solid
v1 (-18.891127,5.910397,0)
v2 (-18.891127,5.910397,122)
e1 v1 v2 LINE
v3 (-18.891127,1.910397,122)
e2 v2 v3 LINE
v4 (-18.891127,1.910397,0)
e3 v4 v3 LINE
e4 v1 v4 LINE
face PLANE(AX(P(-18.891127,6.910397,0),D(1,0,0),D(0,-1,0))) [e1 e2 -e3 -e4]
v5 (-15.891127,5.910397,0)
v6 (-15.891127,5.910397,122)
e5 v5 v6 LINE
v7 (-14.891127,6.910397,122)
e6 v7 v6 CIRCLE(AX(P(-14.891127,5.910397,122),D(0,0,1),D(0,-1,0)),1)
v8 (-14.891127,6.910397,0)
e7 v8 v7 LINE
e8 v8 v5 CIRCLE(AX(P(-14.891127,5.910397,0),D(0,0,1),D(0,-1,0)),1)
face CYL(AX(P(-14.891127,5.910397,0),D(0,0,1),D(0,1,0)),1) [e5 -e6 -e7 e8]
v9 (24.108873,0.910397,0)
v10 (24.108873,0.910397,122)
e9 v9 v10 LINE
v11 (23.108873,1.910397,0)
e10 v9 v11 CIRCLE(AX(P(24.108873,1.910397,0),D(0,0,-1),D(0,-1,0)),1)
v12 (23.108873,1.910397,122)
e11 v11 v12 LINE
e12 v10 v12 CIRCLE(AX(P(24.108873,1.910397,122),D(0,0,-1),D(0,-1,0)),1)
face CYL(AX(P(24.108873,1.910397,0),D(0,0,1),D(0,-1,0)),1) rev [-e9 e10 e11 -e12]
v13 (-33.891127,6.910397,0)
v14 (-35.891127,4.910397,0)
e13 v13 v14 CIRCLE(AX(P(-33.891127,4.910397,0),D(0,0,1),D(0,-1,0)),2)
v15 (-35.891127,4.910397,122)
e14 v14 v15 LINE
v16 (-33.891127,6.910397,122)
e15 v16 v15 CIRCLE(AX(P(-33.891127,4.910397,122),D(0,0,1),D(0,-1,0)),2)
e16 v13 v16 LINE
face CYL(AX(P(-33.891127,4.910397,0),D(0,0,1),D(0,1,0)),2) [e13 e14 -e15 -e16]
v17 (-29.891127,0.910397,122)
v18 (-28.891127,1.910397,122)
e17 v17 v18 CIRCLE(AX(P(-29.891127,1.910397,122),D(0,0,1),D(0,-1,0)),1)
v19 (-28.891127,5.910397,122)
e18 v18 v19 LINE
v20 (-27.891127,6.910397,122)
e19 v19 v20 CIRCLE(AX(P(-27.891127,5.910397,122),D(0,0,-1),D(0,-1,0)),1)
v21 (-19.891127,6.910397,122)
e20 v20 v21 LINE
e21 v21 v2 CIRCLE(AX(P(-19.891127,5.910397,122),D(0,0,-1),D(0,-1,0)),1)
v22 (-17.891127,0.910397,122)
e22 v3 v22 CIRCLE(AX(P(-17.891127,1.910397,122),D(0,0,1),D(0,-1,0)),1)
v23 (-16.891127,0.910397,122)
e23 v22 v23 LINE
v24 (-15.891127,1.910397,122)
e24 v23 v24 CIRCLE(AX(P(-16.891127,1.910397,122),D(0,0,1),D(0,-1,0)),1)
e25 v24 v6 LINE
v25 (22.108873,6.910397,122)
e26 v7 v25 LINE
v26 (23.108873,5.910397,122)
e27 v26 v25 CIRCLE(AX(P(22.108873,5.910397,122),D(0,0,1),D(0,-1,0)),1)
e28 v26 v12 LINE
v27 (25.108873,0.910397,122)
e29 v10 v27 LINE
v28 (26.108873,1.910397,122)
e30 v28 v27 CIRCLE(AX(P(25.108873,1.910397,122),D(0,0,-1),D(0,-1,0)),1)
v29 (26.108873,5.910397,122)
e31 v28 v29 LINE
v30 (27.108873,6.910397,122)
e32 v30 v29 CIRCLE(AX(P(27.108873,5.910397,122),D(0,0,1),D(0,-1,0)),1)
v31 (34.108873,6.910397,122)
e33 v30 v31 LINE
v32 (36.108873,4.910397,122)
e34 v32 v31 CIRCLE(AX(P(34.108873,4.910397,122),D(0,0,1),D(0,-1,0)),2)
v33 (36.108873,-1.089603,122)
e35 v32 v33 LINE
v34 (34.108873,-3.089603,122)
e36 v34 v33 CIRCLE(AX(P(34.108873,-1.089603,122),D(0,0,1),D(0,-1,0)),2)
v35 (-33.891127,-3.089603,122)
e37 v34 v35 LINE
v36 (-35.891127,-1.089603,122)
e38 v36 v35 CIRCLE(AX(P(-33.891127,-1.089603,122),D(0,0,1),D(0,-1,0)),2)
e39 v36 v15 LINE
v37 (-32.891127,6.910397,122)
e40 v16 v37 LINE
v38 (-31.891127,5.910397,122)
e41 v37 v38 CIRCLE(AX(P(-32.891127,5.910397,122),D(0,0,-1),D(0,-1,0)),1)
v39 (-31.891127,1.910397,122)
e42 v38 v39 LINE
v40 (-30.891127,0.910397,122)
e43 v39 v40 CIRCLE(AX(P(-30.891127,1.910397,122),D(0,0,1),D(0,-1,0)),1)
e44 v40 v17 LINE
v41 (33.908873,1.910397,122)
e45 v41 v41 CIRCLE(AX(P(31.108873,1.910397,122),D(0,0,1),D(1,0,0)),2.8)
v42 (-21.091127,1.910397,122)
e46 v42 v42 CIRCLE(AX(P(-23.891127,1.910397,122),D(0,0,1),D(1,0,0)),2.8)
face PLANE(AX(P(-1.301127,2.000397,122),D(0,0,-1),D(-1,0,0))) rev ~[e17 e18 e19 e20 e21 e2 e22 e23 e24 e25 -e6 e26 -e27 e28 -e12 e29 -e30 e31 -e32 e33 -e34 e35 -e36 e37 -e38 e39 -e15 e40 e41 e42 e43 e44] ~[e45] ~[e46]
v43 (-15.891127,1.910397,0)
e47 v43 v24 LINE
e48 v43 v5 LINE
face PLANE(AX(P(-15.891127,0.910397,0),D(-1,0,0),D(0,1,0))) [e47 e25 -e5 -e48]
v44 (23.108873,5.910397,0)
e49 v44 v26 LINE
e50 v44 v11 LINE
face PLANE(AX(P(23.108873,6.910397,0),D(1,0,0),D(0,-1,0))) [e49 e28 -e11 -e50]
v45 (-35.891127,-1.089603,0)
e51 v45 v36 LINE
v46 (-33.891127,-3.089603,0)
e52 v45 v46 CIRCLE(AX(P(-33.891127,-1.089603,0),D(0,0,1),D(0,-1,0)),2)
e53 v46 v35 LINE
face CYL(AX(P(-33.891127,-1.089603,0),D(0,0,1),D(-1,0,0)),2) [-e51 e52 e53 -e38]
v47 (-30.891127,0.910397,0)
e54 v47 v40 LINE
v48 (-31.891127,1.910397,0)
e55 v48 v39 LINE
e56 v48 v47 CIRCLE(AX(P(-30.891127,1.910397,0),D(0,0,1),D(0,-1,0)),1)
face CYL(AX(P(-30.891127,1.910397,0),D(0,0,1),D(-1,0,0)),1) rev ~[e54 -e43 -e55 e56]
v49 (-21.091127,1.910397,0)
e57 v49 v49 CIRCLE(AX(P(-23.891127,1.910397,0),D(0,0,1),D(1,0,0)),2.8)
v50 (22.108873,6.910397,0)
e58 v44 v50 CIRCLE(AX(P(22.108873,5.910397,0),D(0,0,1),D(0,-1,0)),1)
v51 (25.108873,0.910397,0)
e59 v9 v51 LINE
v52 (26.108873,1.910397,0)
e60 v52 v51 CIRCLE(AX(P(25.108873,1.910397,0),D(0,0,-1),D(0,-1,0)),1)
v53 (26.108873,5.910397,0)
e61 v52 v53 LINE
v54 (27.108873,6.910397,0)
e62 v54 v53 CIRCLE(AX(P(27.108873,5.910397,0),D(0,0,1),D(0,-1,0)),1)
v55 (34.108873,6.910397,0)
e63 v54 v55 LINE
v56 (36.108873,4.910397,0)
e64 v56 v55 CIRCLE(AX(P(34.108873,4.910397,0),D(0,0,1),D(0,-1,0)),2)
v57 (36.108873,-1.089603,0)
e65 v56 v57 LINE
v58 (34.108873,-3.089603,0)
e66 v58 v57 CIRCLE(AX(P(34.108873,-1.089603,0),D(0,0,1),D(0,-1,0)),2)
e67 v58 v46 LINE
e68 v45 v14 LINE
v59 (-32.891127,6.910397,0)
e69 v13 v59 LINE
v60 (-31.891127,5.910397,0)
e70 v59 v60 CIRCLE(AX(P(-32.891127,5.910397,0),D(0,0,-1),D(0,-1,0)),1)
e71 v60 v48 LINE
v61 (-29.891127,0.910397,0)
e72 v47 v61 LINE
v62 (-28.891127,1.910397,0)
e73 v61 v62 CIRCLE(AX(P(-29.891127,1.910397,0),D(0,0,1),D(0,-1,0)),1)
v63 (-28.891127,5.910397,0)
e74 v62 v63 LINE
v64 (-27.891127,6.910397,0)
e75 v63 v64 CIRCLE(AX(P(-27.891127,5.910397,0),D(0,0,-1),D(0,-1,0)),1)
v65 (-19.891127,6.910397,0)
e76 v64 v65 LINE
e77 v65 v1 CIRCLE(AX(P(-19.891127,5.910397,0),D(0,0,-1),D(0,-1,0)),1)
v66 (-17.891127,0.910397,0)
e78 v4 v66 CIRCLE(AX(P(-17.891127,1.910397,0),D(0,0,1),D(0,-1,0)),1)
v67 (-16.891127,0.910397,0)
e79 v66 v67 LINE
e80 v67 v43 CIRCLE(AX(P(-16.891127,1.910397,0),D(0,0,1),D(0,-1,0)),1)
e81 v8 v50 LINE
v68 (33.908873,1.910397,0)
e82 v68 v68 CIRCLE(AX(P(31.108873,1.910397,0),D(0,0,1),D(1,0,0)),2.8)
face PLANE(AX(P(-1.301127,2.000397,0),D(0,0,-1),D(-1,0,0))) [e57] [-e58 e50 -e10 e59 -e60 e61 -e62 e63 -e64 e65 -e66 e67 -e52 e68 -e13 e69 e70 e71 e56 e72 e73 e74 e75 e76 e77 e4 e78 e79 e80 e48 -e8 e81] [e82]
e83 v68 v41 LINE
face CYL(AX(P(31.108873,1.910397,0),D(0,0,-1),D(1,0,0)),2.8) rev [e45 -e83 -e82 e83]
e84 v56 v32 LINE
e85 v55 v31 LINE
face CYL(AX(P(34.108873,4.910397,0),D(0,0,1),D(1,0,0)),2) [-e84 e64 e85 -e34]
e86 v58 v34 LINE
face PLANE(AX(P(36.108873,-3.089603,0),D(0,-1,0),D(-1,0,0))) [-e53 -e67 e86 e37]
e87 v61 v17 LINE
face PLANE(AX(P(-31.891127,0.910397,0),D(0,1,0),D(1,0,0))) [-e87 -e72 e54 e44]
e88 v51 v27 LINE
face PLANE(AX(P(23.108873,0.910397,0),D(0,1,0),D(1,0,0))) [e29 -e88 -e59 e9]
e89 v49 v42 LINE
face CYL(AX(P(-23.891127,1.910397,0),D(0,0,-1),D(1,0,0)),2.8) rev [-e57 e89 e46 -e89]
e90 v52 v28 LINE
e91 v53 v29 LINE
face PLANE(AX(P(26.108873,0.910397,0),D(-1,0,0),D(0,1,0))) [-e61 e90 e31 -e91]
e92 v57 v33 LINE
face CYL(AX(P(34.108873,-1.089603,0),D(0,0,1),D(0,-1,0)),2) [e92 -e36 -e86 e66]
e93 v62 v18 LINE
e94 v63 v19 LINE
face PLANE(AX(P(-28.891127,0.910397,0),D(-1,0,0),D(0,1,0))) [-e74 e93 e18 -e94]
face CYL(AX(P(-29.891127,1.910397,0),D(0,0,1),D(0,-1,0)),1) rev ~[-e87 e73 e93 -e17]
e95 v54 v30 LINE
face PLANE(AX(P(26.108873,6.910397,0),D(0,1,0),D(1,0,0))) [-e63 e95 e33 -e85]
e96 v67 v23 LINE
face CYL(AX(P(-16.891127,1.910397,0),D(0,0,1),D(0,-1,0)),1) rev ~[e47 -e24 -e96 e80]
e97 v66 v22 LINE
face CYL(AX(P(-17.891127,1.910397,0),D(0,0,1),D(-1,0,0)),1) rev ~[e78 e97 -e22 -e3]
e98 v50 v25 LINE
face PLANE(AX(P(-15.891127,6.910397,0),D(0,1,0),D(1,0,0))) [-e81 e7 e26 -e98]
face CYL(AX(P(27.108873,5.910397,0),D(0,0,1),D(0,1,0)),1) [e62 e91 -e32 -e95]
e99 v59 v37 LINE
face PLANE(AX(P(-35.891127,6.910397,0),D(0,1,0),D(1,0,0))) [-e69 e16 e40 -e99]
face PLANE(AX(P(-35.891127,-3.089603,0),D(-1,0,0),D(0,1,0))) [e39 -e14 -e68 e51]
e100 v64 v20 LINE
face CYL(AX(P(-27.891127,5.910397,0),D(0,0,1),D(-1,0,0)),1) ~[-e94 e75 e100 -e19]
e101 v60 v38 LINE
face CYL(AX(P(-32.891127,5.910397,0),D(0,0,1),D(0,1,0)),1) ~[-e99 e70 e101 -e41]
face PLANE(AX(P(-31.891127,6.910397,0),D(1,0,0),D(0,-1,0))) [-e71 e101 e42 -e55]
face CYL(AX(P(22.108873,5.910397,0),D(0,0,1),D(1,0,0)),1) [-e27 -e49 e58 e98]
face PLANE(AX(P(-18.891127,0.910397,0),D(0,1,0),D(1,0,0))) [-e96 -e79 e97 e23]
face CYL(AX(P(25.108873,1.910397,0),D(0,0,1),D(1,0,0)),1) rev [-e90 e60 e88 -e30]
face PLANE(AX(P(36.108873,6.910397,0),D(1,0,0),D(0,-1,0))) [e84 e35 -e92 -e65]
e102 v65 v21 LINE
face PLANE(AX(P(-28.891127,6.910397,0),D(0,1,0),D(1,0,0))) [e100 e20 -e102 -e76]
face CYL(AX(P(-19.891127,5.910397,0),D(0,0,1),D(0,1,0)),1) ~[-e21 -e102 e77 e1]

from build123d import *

# Parameters (mm, degrees)
ESQUISSE1_R        = 2.8
BOSS_EXTRU_1_DEPTH = 122
CONG_1_R           = 1
CONG_2_R           = 2


with BuildPart() as part:
    # Esquisse1 → Boss.-Extru.1 (new body)
    with BuildSketch(Plane.XY):
        Polygon((-35.89112663, -3.089603204), (-35.89112663, 6.910396796), (-31.89112663, 6.910396796), (-31.89112663, 0.910396796), (-28.89112663, 0.910396796), (-28.89112663, 6.910396796), (-18.89112663, 6.910396796), (-18.89112663, 0.910396796), (-15.89112663, 0.910396796), (-15.89112663, 6.910396796), (23.10887337, 6.910396796), (23.10887337, 0.910396796), (26.10887337, 0.910396796), (26.10887337, 6.910396796), (36.10887337, 6.910396796), (36.10887337, -3.089603204), align=None)
        with Locations((-23.89112663, 1.910396796)):
            Circle(ESQUISSE1_R, mode=Mode.SUBTRACT)
        with Locations((31.10887337, 1.910396796)):
            Circle(ESQUISSE1_R, mode=Mode.SUBTRACT)
    extrude(amount=BOSS_EXTRU_1_DEPTH)

    # Congé1
    cong_1_edges = [part.edges().sort_by_distance(p)[0] for p in [
        (-31.89112663, 0.910396796, 61),
        (-31.89112663, 6.910396796, 61),
        (26.10887337, 6.910396796, 61),
        (26.10887337, 0.910396796, 61),
        (23.10887337, 0.910396796, 61),
        (23.10887337, 6.910396796, 61),
        (-15.89112663, 6.910396796, 61),
        (-15.89112663, 0.910396796, 61),
        (-18.89112663, 0.910396796, 61),
        (-18.89112663, 6.910396796, 61),
        (-28.89112663, 6.910396796, 61),
        (-28.89112663, 0.910396796, 61),
    ]]
    fillet(cong_1_edges, radius=CONG_1_R)

    # Congé2
    cong_2_edges = [part.edges().sort_by_distance(p)[0] for p in [
        (-35.89112663, 6.910396796, 61),
        (-35.89112663, -3.089603204, 61),
        (36.10887337, -3.089603204, 61),
        (36.10887337, 6.910396796, 61),
    ]]
    fillet(cong_2_edges, radius=CONG_2_R)


solid = part.part
